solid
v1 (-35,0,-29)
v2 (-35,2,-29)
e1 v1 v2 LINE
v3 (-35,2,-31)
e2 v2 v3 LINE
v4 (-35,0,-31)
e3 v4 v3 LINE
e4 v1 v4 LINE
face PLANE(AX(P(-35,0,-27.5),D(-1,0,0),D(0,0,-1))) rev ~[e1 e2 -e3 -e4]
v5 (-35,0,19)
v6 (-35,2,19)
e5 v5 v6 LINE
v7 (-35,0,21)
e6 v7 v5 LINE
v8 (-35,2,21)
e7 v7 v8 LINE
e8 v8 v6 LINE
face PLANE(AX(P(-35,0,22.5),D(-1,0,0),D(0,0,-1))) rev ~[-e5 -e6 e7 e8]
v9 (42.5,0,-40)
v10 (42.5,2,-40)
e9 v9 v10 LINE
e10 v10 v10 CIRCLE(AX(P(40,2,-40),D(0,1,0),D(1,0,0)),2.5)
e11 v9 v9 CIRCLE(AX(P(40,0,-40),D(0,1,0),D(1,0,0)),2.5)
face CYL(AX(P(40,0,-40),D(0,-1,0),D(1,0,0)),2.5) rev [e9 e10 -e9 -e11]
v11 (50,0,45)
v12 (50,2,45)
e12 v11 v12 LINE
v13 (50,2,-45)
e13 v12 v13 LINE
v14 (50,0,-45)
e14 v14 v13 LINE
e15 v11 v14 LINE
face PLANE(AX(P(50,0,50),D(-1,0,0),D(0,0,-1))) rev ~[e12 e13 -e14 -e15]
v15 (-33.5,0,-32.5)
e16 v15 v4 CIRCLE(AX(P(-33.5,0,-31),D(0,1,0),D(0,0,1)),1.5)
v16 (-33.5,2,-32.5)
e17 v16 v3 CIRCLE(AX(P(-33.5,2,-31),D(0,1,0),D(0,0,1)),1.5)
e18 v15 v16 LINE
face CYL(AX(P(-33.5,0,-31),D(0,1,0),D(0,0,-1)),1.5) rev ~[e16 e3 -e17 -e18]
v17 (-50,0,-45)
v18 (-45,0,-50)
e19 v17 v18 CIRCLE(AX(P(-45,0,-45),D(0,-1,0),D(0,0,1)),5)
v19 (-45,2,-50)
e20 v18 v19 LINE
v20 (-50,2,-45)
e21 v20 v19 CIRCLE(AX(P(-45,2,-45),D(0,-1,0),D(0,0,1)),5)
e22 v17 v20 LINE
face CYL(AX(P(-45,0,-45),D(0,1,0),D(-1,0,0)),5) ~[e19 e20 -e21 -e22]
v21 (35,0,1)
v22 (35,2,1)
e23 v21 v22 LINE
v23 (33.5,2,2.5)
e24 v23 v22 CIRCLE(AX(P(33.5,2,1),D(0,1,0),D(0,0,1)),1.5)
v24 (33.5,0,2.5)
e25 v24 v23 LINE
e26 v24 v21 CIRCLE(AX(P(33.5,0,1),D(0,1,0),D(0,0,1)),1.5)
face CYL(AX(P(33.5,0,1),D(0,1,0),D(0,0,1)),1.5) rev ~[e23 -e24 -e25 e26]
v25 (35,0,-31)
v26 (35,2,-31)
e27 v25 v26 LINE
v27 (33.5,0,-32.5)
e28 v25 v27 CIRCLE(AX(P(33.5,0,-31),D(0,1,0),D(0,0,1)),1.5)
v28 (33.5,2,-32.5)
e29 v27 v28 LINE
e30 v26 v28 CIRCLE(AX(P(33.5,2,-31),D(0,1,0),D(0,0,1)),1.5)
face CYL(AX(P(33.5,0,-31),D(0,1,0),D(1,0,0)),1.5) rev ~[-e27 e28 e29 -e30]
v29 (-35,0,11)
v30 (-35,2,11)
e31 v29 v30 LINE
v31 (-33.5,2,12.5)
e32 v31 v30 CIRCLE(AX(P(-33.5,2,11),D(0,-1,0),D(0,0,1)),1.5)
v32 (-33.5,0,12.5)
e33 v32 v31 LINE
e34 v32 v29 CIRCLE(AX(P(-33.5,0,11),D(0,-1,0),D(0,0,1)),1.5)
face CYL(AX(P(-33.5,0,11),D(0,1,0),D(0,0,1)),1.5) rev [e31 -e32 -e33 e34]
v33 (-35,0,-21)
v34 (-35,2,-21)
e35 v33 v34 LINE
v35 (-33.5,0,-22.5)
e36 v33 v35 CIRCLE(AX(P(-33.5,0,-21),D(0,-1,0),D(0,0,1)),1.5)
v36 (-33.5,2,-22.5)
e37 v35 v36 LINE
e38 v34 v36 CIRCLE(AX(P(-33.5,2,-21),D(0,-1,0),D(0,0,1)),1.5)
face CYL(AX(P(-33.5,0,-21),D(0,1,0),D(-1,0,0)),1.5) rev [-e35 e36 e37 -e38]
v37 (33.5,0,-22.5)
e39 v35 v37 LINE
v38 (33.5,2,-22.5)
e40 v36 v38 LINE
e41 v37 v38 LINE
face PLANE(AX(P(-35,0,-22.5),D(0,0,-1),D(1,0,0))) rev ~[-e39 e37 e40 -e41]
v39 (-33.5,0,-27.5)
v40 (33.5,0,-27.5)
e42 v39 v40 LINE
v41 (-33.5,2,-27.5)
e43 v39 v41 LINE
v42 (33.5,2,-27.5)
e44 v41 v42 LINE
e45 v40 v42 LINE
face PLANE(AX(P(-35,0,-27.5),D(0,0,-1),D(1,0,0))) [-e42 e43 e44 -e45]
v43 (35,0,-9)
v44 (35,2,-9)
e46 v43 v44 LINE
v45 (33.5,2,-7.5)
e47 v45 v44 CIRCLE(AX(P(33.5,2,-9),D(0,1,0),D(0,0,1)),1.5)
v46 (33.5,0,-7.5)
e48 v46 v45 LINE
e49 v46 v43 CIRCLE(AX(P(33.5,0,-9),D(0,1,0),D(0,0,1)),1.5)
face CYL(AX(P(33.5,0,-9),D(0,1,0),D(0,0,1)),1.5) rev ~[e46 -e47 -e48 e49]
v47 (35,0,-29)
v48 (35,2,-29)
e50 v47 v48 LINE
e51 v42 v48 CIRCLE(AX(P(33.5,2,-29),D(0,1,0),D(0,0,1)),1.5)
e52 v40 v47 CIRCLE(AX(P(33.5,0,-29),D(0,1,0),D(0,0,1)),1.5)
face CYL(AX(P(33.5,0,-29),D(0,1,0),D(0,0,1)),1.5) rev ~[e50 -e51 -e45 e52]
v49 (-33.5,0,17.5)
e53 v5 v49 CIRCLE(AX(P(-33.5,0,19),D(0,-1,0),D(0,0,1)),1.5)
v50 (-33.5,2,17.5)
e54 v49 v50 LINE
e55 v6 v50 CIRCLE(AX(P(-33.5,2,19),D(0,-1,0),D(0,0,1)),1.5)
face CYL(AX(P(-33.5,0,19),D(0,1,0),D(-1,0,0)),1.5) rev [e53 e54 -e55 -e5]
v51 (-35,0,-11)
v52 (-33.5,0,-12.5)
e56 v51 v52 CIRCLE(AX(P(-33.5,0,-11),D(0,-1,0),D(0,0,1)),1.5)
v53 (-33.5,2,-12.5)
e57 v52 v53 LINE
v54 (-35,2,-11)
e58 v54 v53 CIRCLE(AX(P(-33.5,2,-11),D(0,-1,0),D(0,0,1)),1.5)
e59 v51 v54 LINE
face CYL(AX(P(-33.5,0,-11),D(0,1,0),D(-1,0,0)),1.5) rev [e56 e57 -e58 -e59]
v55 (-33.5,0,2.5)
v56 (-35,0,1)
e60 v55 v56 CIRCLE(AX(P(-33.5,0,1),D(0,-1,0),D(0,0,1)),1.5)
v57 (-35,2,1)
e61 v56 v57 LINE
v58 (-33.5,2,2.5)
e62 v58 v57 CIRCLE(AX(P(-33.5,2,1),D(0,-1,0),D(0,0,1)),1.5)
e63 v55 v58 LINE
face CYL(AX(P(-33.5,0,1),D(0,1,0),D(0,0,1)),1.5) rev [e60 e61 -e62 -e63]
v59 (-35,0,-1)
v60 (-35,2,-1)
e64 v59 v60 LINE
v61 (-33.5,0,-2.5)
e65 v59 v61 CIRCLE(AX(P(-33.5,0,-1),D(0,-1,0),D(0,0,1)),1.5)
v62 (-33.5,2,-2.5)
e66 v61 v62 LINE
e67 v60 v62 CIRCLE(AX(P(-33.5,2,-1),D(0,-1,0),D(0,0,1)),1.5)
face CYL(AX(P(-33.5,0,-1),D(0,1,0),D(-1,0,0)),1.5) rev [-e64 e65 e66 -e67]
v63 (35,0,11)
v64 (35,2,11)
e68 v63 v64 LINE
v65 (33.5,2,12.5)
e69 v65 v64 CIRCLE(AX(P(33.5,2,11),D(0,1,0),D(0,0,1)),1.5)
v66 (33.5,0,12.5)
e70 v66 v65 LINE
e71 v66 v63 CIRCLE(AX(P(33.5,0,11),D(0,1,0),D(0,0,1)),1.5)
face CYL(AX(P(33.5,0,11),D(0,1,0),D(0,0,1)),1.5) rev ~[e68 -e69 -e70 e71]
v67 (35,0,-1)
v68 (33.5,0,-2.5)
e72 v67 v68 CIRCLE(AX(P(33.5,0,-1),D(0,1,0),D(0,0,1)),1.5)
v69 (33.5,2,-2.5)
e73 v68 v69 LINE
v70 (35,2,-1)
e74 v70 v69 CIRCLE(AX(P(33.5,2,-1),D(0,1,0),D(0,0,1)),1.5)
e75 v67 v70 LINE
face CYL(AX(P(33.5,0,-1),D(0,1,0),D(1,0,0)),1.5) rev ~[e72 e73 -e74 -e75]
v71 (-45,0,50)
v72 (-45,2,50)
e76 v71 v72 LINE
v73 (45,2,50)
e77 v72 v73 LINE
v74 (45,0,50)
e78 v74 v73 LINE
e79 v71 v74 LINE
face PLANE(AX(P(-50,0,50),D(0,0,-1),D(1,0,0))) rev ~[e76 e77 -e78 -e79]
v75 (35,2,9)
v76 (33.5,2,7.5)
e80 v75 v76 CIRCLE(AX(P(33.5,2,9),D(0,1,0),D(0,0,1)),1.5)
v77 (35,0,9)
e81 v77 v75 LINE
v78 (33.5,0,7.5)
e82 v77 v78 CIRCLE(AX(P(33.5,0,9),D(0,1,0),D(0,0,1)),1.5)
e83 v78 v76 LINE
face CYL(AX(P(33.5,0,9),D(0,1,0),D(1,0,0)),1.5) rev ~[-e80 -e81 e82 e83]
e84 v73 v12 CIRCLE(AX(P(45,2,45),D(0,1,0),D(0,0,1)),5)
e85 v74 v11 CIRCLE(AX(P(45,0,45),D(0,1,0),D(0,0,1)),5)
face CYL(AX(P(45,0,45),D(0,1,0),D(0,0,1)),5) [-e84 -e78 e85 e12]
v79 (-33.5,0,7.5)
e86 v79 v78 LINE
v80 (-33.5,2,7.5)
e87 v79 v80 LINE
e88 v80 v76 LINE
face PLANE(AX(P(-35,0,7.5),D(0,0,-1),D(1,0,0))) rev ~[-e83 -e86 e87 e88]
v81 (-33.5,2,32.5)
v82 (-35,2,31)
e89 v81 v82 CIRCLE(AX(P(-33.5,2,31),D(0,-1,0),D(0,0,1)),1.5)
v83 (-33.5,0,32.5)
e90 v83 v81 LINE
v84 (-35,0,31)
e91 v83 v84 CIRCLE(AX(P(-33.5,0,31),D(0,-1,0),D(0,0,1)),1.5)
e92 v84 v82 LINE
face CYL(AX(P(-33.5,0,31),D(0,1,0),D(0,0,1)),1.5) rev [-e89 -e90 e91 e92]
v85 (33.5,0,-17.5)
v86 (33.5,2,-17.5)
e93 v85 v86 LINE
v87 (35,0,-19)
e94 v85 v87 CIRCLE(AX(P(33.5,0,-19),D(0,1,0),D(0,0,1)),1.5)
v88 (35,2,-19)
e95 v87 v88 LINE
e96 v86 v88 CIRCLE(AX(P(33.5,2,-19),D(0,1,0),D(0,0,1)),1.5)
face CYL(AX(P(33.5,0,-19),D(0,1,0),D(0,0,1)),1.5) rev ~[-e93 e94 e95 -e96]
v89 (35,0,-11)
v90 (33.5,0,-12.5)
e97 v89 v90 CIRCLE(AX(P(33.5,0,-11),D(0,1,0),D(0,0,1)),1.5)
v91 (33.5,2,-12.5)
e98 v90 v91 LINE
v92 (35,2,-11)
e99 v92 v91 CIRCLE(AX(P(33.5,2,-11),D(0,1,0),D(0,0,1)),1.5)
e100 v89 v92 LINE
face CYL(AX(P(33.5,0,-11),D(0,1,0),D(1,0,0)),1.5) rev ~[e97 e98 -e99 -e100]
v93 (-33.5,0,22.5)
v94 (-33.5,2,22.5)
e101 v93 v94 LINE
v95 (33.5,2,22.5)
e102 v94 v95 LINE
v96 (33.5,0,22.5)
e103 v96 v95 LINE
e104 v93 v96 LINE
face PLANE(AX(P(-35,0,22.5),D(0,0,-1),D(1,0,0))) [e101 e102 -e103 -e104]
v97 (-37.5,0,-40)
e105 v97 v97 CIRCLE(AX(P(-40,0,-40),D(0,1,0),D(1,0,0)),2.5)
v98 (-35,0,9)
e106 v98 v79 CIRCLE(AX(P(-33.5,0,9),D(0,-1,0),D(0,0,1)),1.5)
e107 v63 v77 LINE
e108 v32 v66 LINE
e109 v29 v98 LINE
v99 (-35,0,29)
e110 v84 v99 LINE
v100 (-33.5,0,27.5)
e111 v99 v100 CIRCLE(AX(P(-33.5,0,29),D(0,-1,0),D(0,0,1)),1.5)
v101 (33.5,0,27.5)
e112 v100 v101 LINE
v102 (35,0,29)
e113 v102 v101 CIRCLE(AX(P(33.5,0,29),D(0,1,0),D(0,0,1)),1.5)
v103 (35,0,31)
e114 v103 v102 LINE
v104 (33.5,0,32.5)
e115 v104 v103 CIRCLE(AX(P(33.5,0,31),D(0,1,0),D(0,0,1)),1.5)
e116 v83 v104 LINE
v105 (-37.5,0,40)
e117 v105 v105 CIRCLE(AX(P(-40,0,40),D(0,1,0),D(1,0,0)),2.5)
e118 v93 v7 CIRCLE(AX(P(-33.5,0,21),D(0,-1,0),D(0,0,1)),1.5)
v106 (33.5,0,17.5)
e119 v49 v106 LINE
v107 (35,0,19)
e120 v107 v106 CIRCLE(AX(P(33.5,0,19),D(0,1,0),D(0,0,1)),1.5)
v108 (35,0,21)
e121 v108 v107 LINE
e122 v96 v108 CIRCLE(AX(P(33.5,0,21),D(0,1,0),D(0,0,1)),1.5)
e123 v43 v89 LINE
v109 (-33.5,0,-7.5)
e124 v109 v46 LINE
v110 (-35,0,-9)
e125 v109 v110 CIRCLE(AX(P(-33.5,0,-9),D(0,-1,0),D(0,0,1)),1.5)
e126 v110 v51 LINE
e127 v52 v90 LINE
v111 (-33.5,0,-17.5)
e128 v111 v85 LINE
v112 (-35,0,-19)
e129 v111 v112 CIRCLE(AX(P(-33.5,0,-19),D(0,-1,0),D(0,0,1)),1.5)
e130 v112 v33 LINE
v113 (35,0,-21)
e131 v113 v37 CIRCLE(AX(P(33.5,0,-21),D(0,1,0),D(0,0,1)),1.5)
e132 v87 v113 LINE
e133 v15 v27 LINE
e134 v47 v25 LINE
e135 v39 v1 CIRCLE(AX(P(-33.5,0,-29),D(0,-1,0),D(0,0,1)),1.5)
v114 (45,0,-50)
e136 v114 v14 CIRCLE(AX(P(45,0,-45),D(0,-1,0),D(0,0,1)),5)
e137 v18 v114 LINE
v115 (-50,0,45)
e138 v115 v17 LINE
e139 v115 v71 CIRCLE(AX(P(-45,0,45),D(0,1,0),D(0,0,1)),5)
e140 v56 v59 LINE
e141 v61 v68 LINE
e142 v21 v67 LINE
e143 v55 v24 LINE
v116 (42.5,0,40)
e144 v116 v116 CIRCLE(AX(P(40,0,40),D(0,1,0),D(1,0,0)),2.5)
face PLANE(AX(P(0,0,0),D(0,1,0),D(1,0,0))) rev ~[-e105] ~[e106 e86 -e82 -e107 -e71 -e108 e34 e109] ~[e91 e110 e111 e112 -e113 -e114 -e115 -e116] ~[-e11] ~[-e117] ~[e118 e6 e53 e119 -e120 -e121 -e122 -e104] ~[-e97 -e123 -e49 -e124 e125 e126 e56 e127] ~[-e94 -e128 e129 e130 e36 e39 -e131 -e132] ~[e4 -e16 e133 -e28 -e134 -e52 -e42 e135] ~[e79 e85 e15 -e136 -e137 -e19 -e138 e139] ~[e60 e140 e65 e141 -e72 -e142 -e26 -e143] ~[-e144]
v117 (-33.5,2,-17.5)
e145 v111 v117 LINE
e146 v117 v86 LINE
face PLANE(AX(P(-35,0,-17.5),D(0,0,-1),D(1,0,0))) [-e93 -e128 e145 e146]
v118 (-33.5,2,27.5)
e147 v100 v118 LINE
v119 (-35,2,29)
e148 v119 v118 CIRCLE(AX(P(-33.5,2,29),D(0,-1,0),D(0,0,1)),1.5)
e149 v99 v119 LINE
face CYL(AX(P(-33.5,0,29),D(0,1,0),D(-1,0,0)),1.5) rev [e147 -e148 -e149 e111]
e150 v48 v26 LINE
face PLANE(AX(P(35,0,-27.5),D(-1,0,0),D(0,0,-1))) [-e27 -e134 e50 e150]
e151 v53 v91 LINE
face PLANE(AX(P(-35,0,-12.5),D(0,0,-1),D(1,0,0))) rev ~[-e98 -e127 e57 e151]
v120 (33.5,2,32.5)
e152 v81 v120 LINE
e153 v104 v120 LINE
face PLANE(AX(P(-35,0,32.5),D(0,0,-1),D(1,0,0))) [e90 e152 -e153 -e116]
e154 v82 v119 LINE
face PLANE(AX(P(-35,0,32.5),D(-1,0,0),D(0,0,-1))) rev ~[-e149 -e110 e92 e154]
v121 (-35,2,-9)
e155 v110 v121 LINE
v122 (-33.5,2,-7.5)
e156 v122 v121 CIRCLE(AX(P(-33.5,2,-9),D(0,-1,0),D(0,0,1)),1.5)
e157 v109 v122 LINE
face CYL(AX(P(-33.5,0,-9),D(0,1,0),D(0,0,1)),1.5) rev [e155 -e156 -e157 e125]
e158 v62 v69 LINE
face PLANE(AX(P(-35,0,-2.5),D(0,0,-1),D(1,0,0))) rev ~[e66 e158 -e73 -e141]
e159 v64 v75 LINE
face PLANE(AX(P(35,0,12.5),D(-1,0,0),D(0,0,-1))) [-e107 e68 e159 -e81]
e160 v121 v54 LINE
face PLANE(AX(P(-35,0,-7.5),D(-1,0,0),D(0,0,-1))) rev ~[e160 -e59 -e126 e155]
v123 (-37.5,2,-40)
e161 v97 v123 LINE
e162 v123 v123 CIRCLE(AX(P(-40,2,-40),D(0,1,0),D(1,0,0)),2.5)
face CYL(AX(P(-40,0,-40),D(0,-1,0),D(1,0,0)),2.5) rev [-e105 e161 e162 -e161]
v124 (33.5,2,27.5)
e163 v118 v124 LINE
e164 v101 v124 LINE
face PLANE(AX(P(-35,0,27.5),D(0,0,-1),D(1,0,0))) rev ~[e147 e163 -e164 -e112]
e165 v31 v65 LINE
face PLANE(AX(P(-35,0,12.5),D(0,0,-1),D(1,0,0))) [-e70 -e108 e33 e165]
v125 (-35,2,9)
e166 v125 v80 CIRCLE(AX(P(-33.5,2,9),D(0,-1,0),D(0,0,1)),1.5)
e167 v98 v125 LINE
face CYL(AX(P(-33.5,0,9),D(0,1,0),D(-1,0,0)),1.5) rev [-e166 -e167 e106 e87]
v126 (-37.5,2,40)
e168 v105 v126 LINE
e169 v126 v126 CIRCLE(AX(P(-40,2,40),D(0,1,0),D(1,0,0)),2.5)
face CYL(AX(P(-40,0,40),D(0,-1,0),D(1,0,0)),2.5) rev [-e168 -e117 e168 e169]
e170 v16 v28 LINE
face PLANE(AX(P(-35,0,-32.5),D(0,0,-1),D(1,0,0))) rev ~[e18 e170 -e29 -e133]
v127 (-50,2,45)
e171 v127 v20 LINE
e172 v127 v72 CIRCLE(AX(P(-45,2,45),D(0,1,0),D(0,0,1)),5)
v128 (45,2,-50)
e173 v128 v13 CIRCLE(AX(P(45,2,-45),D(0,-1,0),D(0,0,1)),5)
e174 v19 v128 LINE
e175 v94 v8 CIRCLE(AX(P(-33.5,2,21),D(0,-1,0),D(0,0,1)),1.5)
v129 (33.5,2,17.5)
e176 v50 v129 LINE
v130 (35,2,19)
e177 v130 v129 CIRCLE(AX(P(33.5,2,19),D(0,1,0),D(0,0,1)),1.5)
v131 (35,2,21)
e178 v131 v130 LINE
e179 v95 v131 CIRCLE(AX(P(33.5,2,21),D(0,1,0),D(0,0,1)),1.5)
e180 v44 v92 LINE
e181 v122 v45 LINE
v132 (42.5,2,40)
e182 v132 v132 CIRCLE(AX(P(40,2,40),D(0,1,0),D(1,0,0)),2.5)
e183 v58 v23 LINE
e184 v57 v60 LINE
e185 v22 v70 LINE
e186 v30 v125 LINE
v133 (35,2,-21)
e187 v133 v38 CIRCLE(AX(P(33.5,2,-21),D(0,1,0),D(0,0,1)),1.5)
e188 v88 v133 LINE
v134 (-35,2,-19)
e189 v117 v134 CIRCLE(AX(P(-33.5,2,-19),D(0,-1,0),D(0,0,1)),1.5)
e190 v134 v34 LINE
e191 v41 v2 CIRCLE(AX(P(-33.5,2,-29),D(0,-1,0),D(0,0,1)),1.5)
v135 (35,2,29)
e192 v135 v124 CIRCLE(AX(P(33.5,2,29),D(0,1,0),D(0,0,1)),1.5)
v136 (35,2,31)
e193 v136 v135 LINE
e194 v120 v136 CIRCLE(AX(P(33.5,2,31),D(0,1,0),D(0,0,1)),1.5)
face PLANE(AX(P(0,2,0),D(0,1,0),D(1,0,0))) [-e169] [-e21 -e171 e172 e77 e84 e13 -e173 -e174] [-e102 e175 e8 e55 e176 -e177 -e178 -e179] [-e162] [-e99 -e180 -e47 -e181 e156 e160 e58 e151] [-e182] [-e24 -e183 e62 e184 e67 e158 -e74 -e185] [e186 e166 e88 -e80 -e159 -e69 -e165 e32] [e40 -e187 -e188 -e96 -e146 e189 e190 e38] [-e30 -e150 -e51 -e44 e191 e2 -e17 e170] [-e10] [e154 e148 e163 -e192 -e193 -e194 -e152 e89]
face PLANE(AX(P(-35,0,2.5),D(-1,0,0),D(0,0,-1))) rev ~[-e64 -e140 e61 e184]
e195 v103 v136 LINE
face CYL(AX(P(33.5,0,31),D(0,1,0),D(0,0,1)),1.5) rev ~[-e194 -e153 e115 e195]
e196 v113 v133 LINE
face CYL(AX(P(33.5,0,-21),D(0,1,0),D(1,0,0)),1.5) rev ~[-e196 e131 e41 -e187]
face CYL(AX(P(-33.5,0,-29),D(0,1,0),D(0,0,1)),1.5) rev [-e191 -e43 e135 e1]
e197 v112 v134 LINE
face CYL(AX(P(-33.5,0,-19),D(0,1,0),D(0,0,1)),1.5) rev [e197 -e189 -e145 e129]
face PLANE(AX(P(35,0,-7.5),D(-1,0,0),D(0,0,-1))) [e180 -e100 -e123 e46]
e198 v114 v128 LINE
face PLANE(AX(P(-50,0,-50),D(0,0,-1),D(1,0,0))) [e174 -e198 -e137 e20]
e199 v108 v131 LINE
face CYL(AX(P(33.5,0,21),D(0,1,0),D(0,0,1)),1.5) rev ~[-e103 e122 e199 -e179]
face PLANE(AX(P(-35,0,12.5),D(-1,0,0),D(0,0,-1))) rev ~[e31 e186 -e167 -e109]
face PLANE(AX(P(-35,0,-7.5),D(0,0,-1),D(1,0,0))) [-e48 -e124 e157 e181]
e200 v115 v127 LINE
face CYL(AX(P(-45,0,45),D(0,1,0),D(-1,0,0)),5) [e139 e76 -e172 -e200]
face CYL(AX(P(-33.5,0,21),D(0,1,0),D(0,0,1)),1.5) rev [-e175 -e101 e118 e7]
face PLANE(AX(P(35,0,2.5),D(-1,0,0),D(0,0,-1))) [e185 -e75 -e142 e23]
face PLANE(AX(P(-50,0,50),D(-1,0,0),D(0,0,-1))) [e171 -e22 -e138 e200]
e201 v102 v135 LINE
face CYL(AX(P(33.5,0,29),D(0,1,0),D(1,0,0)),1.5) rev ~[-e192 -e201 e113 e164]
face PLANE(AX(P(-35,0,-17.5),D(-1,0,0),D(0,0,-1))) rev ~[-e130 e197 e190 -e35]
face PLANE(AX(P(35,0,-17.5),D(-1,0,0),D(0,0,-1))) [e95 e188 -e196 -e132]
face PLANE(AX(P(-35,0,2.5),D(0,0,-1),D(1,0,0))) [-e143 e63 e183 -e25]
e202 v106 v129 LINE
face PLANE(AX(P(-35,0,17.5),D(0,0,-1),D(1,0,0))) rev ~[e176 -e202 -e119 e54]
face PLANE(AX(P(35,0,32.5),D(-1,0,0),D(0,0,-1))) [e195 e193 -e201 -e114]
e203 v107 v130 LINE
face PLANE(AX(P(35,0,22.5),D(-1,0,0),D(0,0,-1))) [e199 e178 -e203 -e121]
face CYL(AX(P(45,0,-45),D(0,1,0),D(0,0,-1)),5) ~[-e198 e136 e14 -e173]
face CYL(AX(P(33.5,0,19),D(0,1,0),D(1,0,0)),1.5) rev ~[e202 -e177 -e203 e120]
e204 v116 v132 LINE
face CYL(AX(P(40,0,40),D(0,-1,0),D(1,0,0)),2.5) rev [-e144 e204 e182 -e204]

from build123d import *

# Parameters (mm, degrees)
SKETCH1_W           = 100
SKETCH1_H           = 100
SKETCH1_R           = 2.5
SKETCH1_W_2         = 70
SKETCH1_H_2         = 5
BOSS_EXTRUDE1_DEPTH = 2
FILLET1_R           = 5
FILLET2_R           = 1.5


with BuildPart() as part:
    # Sketch1 → Boss-Extrude1 (new body)
    with BuildSketch(Plane(origin=(0, 0, 0), x_dir=(1, 0, 0), z_dir=(0, 1, 0))):
        Rectangle(SKETCH1_W, SKETCH1_H)
        with Locations((-40, 40)):
            Circle(SKETCH1_R, mode=Mode.SUBTRACT)
        with Locations((40, 40)):
            Circle(SKETCH1_R, mode=Mode.SUBTRACT)
        with Locations((40, -40)):
            Circle(SKETCH1_R, mode=Mode.SUBTRACT)
        with Locations((-40, -40)):
            Circle(SKETCH1_R, mode=Mode.SUBTRACT)
        with Locations((0, -30)):
            Rectangle(SKETCH1_W_2, SKETCH1_H_2, mode=Mode.SUBTRACT)
        with Locations((0, -20)):
            Rectangle(SKETCH1_W_2, SKETCH1_H_2, mode=Mode.SUBTRACT)
        with Locations((0, -10)):
            Rectangle(SKETCH1_W_2, SKETCH1_H_2, mode=Mode.SUBTRACT)
        Rectangle(SKETCH1_W_2, SKETCH1_H_2, mode=Mode.SUBTRACT)
        with Locations((0, 10)):
            Rectangle(SKETCH1_W_2, SKETCH1_H_2, mode=Mode.SUBTRACT)
        with Locations((0, 20)):
            Rectangle(SKETCH1_W_2, SKETCH1_H_2, mode=Mode.SUBTRACT)
        with Locations((0, 30)):
            Rectangle(SKETCH1_W_2, SKETCH1_H_2, mode=Mode.SUBTRACT)
    extrude(amount=BOSS_EXTRUDE1_DEPTH)

    # Fillet1
    fillet1_edges = [part.edges().sort_by_distance(p)[0] for p in [
        (50, 1, 50),
        (-50, 1, 50),
        (-50, 1, -50),
        (50, 1, -50),
    ]]
    fillet(fillet1_edges, radius=FILLET1_R)

    # Fillet2
    fillet2_edges = [part.edges().sort_by_distance(p)[0] for p in [
        (35, 1, -27.5),
        (35, 1, -32.5),
        (-35, 1, -32.5),
        (-35, 1, -27.5),
        (35, 1, 32.5),
        (35, 1, 27.5),
        (-35, 1, 27.5),
        (-35, 1, 32.5),
        (35, 1, 22.5),
        (35, 1, 17.5),
        (-35, 1, 17.5),
        (-35, 1, 22.5),
        (35, 1, 12.5),
        (35, 1, 7.5),
        (-35, 1, 7.5),
        (-35, 1, 12.5),
        (35, 1, 2.5),
        (35, 1, -2.5),
        (-35, 1, -2.5),
        (-35, 1, 2.5),
        (35, 1, -7.5),
        (35, 1, -12.5),
        (-35, 1, -12.5),
        (-35, 1, -7.5),
        (35, 1, -17.5),
        (35, 1, -22.5),
        (-35, 1, -22.5),
        (-35, 1, -17.5),
    ]]
    fillet(fillet2_edges, radius=FILLET2_R)


solid = part.part
